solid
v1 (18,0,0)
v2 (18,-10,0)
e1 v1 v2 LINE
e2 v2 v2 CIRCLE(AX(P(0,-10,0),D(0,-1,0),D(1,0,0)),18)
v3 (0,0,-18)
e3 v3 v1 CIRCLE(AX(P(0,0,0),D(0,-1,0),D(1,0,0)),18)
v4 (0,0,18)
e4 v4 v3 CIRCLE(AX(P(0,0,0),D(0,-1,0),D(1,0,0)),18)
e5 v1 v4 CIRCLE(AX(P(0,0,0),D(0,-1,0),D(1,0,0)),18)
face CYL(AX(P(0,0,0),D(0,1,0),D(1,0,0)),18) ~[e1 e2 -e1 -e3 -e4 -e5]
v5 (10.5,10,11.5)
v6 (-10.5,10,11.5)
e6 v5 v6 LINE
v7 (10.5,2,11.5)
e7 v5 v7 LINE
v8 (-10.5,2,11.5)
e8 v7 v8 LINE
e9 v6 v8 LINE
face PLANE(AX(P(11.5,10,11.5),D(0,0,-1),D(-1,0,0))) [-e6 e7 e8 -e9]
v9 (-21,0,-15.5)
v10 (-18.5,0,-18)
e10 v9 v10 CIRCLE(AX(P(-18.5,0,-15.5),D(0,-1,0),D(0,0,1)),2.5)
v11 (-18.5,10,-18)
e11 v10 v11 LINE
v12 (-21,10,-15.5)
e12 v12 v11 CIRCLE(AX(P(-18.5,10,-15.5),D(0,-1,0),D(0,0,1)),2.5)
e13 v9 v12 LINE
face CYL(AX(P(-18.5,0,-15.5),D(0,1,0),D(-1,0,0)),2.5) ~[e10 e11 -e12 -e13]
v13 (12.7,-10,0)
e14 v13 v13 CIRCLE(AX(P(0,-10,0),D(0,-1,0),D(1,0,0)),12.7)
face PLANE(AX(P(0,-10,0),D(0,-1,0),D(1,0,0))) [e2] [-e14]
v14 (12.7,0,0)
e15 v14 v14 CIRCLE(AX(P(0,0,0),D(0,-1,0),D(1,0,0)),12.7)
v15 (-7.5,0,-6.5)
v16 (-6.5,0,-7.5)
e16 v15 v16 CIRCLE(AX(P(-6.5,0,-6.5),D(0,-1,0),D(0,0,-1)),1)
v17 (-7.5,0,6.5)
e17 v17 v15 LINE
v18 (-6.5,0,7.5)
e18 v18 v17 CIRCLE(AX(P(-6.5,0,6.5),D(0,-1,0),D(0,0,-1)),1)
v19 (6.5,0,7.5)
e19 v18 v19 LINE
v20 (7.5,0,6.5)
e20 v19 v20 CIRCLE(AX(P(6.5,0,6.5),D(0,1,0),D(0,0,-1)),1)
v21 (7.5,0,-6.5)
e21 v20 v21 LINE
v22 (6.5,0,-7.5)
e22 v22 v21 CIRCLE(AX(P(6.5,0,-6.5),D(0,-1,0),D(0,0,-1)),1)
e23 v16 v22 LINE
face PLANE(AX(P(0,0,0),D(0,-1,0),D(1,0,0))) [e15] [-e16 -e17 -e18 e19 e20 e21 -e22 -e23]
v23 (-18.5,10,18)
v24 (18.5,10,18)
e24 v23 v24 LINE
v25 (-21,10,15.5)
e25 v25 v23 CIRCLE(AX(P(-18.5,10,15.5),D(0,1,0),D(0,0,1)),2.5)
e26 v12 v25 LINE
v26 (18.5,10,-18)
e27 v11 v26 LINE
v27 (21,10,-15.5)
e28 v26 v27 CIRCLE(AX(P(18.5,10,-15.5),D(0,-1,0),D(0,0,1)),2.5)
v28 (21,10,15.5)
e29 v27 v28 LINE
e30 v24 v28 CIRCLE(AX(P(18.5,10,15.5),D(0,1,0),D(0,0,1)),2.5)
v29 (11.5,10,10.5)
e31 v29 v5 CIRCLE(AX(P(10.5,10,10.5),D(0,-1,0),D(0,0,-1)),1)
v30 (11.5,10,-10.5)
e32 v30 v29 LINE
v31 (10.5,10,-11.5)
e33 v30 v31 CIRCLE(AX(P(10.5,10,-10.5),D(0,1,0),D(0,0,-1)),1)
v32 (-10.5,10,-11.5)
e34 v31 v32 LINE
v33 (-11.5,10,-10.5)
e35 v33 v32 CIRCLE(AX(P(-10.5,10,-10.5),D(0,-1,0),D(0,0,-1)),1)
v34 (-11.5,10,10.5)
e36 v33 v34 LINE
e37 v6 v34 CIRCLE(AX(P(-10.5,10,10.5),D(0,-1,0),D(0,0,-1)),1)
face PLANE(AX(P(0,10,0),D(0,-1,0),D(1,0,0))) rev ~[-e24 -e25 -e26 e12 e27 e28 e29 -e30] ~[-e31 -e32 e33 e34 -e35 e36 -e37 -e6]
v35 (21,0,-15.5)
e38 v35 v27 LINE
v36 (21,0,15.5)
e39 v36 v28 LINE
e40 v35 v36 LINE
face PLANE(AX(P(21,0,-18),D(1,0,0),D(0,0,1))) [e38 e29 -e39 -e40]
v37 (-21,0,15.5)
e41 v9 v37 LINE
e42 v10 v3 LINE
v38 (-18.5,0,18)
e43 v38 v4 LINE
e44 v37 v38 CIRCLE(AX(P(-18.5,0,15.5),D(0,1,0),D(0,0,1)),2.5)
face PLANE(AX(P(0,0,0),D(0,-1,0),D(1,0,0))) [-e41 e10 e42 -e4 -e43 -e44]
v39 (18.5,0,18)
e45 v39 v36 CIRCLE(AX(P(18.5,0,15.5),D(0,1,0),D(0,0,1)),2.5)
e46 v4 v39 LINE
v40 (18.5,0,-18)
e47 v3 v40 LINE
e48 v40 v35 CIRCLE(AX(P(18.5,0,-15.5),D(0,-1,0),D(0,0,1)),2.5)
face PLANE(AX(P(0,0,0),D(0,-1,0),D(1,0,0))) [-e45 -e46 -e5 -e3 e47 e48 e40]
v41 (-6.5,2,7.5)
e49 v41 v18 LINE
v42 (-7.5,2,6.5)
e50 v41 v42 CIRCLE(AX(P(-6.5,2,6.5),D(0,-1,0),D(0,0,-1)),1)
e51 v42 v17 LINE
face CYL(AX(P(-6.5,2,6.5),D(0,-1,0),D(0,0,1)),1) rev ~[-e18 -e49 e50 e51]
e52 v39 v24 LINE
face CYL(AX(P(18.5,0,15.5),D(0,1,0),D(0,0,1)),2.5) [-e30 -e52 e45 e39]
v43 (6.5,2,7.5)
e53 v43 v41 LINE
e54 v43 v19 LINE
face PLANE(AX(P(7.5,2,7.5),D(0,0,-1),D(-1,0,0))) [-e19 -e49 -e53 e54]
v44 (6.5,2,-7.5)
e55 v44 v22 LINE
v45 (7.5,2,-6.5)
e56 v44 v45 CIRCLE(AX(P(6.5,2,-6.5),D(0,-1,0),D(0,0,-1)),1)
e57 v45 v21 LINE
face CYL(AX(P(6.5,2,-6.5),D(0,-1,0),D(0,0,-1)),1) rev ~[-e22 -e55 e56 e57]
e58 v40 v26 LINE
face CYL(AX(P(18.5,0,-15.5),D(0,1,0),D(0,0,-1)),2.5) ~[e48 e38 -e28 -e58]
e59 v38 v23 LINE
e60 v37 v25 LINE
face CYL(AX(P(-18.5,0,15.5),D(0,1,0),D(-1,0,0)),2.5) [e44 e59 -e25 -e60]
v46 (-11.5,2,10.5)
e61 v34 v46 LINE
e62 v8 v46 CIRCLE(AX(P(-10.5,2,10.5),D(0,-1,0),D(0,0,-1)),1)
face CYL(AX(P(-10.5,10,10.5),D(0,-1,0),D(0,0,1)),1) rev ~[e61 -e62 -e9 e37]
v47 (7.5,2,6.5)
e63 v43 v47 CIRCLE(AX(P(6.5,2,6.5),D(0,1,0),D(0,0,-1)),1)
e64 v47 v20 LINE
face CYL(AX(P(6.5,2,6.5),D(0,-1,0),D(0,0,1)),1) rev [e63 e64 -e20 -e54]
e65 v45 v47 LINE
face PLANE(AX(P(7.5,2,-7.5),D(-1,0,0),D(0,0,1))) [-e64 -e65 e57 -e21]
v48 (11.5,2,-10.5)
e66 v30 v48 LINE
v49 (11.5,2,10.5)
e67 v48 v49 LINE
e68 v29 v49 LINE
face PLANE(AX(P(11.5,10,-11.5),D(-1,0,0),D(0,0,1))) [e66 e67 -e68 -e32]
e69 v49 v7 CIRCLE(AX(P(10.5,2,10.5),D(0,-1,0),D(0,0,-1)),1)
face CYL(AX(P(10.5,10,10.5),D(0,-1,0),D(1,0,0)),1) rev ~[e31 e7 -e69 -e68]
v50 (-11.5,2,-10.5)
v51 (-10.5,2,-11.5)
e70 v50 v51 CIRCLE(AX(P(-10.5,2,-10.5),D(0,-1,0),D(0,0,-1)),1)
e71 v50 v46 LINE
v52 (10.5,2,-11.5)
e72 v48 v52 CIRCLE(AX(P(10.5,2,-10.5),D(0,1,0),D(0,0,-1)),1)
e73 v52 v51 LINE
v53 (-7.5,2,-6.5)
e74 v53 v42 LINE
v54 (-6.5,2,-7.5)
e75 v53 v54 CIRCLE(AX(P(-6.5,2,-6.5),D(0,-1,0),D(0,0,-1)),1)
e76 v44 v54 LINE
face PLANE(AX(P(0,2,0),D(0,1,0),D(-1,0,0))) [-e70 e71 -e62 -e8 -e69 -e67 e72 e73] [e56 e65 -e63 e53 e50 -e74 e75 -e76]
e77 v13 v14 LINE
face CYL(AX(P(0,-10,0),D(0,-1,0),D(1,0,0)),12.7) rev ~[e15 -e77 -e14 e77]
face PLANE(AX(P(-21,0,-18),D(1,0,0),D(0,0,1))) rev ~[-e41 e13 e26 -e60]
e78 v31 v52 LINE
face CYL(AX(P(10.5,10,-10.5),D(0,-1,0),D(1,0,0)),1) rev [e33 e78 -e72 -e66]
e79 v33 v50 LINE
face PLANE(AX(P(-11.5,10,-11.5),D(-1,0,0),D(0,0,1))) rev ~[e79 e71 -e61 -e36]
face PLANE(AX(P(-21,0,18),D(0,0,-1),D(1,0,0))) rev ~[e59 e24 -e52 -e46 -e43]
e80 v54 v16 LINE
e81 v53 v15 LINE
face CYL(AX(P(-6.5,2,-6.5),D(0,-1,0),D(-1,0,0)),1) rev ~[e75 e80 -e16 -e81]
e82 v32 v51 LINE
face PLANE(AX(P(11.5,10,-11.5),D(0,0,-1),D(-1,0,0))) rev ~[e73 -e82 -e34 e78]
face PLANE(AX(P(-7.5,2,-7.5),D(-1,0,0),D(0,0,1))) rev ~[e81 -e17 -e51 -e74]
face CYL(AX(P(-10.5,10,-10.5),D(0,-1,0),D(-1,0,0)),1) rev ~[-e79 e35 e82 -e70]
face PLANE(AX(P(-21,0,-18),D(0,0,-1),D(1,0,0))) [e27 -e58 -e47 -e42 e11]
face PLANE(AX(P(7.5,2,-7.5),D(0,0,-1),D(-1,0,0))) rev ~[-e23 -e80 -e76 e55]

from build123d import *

# Parameters (mm, degrees)
F0_W     = 42
F0_H     = 36
F1_DEPTH = 10
F2_R     = 18
F3_DEPTH = 10
F4_R     = 12.7
F5_DEPTH = 10
F6_W     = 23
F6_H     = 23
F7_DEPTH = 8
F8_W     = 15
F8_H     = 15
F9_DEPTH = 12.001
F10_R    = 1
F11_R    = 2.5


with BuildPart() as f1:
    # F0 (on Front) → F1 (new body)
    with BuildSketch(Plane.XZ):
        Rectangle(F0_W, F0_H)
    extrude(amount=-F1_DEPTH)

    # F2 (on Front) → F3 (join)
    with BuildSketch(Plane.XZ):
        Circle(F2_R)
    extrude(amount=F3_DEPTH)

    # F4 (on face) → F5 (cut)
    with BuildSketch(Plane.XZ.offset(10)):
        Circle(F4_R)
    extrude(amount=-F5_DEPTH, mode=Mode.SUBTRACT)

    # F6 (on face) → F7 (cut)
    with BuildSketch(Plane(origin=(0, 10, 0), x_dir=(-1, 0, 0), z_dir=(0, 1, 0))):
        Rectangle(F6_W, F6_H)
    extrude(amount=-F7_DEPTH, mode=Mode.SUBTRACT)

    # F8 (on face) → F9 (cut, through all)
    with BuildSketch(Plane(origin=(0, 2, 0), x_dir=(-1, 0, 0), z_dir=(0, 1, 0))):
        Rectangle(F8_W, F8_H)
    extrude(amount=-F9_DEPTH, mode=Mode.SUBTRACT)

    # F10
    f10_edges = [f1.edges().sort_by_distance(p)[0] for p in [
        (11.5, 6, 11.5),
        (-11.5, 6, 11.5),
        (11.5, 6, -11.5),
        (-11.5, 6, -11.5),
        (-7.5, 1, -7.5),
        (7.5, 1, -7.5),
        (7.5, 1, 7.5),
        (-7.5, 1, 7.5),
    ]]
    fillet(f10_edges, radius=F10_R)

    # F11
    f11_edges = [f1.edges().sort_by_distance(p)[0] for p in [
        (-21, 5, 18),
        (-21, 5, -18),
        (21, 5, 18),
        (21, 5, -18),
    ]]
    fillet(f11_edges, radius=F11_R)


solid = f1.part
